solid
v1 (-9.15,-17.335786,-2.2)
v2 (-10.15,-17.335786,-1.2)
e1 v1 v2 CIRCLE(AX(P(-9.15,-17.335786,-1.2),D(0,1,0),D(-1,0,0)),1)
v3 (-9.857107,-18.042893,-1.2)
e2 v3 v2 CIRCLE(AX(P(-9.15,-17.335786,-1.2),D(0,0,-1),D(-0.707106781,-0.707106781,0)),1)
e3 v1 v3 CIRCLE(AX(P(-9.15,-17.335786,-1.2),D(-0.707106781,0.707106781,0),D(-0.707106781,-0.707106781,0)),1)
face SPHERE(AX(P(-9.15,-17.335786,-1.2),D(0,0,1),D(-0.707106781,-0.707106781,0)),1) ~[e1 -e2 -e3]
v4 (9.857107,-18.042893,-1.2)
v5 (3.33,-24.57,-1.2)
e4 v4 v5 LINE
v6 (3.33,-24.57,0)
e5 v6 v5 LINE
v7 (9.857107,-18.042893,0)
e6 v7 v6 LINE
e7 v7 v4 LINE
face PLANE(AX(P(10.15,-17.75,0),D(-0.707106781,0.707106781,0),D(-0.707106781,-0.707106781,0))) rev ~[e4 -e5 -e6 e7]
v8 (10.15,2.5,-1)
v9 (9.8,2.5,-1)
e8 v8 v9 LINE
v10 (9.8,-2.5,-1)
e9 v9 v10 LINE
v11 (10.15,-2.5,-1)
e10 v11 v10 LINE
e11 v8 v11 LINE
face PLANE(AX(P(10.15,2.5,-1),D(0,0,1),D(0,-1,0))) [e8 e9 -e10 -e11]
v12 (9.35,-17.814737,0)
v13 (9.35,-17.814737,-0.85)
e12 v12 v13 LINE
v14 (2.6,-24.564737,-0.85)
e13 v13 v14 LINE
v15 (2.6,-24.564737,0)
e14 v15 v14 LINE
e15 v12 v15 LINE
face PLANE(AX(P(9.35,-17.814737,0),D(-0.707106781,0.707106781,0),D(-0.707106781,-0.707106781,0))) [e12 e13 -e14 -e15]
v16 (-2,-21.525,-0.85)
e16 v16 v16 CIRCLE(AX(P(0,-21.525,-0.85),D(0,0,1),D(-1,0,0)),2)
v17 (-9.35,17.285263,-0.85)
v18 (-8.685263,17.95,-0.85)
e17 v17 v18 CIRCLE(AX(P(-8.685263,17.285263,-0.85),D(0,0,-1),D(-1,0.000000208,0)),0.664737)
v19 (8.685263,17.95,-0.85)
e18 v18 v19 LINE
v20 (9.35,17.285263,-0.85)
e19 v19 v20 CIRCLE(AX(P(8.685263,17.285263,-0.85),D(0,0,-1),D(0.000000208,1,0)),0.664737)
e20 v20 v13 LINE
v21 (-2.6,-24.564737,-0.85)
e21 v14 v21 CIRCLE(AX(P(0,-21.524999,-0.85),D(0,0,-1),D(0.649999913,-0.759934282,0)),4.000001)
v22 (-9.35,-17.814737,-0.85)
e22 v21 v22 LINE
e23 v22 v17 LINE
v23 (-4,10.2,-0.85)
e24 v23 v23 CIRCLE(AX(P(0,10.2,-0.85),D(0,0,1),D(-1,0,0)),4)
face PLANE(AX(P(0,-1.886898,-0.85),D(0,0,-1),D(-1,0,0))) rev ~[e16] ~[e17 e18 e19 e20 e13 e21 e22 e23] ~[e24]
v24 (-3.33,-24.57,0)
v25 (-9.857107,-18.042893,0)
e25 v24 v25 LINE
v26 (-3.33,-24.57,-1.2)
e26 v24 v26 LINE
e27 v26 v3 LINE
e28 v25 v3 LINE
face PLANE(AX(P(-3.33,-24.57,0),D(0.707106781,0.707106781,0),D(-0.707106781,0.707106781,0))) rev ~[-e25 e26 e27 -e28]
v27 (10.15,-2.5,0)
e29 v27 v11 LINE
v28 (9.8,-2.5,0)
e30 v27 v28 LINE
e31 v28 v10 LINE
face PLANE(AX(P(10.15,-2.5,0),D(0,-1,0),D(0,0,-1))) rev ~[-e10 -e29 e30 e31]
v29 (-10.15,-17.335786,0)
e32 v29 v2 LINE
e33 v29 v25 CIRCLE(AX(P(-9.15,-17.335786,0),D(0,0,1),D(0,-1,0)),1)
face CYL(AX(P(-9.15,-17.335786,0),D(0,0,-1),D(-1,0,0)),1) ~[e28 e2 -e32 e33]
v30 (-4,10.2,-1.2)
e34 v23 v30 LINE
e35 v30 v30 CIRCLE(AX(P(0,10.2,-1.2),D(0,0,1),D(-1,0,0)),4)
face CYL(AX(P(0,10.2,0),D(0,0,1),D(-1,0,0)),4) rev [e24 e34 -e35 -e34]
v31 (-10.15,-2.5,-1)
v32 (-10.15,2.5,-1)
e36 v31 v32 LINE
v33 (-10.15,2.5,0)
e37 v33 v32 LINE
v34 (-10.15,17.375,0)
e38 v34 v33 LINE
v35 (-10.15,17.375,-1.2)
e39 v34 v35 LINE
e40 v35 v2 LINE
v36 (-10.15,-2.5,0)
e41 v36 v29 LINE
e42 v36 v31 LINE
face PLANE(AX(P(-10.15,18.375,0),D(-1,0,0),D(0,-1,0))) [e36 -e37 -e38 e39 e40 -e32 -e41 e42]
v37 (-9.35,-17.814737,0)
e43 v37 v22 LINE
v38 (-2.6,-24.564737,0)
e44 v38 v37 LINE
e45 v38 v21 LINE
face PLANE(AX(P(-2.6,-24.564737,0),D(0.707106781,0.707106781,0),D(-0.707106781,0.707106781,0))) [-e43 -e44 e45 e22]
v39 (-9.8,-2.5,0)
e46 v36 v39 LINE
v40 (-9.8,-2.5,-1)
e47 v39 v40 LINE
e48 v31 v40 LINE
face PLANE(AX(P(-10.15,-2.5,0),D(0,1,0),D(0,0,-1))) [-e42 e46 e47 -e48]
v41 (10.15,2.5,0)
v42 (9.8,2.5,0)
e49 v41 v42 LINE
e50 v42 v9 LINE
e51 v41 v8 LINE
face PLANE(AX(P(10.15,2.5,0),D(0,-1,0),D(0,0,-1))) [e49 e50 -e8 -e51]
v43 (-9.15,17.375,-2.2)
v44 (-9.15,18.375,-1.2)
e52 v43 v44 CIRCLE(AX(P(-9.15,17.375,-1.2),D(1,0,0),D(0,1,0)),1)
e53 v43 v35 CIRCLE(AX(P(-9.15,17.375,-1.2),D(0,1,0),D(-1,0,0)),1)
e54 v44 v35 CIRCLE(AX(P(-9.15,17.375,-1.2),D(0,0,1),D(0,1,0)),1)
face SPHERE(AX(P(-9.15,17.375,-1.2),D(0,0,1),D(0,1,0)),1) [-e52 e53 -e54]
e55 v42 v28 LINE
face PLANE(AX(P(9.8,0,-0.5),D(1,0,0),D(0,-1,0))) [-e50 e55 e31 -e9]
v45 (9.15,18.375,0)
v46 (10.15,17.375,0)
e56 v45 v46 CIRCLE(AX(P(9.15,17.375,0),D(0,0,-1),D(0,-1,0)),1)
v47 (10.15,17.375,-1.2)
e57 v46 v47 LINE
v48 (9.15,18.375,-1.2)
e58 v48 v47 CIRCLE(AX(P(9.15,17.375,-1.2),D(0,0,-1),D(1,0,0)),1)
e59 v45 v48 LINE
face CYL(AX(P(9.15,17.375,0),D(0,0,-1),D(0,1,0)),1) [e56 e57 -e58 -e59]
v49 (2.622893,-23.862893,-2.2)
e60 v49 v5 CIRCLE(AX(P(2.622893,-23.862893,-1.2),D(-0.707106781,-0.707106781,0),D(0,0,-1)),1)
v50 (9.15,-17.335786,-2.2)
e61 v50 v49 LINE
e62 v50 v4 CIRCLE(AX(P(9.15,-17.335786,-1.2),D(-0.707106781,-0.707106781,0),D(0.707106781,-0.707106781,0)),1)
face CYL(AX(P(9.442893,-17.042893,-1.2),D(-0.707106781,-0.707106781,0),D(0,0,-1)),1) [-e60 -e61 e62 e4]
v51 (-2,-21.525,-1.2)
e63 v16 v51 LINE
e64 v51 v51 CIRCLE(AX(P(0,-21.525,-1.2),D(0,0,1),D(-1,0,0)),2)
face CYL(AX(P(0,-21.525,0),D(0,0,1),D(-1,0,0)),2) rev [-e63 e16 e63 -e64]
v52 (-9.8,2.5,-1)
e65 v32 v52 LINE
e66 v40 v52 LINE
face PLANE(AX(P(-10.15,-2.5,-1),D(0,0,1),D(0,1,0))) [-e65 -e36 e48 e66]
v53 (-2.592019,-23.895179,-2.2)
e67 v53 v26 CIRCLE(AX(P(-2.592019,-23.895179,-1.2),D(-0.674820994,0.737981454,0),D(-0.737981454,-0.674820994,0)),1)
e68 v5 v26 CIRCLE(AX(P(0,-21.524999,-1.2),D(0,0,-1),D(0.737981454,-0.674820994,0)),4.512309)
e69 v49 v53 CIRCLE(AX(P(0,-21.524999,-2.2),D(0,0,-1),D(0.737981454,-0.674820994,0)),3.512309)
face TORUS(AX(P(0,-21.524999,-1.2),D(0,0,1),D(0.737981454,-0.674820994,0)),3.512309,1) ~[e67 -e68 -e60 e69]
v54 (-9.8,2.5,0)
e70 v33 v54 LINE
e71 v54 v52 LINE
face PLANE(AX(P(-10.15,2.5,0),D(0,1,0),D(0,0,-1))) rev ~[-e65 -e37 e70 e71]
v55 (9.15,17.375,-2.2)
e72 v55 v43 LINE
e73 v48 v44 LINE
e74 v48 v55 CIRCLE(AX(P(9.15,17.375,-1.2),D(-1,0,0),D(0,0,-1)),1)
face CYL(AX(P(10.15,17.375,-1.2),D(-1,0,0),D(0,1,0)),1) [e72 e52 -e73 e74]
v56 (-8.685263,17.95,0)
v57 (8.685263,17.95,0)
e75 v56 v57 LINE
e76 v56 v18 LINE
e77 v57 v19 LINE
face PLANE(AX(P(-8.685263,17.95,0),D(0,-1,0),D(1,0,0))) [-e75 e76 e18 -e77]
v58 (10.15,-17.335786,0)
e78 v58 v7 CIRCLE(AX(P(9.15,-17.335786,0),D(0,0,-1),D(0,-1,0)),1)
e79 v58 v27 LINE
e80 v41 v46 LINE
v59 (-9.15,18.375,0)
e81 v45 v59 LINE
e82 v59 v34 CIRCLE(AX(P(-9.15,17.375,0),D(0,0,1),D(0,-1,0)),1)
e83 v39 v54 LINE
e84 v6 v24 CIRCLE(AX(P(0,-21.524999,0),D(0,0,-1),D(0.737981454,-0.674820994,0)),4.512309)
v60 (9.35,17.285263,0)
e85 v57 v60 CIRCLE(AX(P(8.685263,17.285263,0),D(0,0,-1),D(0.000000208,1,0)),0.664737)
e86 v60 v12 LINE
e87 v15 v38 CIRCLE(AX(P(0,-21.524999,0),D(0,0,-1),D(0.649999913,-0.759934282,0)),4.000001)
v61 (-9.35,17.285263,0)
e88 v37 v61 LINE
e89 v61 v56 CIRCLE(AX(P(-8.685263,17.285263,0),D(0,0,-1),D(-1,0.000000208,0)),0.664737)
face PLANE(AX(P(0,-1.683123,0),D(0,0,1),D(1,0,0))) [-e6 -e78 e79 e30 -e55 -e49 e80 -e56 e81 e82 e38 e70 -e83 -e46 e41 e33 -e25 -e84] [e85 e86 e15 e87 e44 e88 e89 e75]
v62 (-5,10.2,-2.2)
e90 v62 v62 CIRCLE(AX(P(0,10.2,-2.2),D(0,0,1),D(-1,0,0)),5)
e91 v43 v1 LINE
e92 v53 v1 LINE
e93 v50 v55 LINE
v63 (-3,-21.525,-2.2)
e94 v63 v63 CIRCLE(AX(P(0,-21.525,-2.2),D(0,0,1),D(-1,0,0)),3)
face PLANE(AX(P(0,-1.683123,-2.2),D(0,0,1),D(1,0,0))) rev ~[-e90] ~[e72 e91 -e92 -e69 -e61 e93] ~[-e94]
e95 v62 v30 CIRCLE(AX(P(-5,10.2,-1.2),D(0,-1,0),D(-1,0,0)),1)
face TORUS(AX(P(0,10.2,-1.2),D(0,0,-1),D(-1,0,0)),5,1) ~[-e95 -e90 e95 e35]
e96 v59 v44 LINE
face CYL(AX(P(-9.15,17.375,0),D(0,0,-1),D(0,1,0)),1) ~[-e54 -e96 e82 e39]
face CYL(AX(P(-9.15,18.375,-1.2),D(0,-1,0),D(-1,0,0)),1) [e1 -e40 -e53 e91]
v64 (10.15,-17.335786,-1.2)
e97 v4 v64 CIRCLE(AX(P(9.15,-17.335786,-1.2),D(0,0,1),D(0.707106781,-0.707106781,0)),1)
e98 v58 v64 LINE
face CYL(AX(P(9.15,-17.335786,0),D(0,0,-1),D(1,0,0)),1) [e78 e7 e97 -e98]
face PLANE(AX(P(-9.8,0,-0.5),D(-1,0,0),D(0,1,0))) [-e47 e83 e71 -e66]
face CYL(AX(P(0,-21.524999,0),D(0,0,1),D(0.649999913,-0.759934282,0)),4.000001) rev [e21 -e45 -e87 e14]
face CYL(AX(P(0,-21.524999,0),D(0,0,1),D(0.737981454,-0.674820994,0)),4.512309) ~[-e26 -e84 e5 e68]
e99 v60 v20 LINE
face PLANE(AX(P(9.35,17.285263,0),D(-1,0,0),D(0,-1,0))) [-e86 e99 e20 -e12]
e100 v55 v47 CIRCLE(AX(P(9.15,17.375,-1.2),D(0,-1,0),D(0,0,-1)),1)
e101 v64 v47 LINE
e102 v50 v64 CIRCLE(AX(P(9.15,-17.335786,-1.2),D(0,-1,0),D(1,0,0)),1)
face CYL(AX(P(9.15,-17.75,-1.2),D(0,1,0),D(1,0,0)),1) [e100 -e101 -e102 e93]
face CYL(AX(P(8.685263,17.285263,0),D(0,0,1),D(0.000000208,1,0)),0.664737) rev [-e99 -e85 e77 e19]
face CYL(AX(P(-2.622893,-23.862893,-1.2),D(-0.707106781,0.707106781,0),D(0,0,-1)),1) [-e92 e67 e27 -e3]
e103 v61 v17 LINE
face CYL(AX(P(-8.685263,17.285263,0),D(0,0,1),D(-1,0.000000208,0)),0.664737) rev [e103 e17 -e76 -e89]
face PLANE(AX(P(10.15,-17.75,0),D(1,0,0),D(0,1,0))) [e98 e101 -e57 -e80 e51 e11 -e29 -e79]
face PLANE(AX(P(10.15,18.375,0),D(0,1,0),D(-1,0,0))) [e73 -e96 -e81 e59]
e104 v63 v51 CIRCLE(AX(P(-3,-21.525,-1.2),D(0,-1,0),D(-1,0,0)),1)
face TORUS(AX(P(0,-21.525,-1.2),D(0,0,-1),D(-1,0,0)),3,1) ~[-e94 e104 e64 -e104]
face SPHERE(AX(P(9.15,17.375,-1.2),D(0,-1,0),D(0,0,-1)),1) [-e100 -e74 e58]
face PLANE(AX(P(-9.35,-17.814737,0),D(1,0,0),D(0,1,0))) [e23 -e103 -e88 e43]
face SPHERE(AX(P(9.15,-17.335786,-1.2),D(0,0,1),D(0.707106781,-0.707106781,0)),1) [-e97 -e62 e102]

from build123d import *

# Parameters (mm, degrees)
PAD011_DEPTH            = 2.2
SKETCH039_R             = 4
POCKET022_DEPTH         = 5
SKETCH040_R             = 2
POCKET027_DEPTH         = 5
POCKET023_DEPTH         = 0.85
SKETCH042_W             = 0.35
SKETCH042_H             = 0.6
POCKET024_DEPTH         = 25
FILLET004_R             = 1
SKETCH043_W             = 5
SKETCH043_H             = 1
POCKET029_DEPTH         = 0.35
SKETCH044_W             = 5
SKETCH044_H             = 1
POCKET028_DEPTH         = 0.35
BODY002_PLACEMENT_ANGLE = 180


with BuildPart() as part:
    # Sketch036 → Pad011 (new body)
    with BuildSketch(Plane.XY):
        with BuildLine():
            Line((-10.15, 18.375), (10.15, 18.375))
            Line((10.15, 18.375), (10.15, -17.75))
            Line((3.33, -24.57), (10.15, -17.75))
            ThreePointArc((-3.33, -24.57), (0, -26.037308), (3.33, -24.57))
            Line((-10.15, -17.75), (-3.33, -24.57))
            Line((-10.15, -17.75), (-10.15, 18.375))
        make_face()
    extrude(amount=PAD011_DEPTH)

    # Sketch039 → Pocket022 (cut)
    with BuildSketch(Plane.XY):
        with Locations((0, 10.2)):
            Circle(SKETCH039_R)
    extrude(amount=POCKET022_DEPTH, mode=Mode.SUBTRACT)

    # Sketch040 → Pocket027 (cut)
    with BuildSketch(Plane.XY):
        with Locations((0, -21.525)):
            Circle(SKETCH040_R)
    extrude(amount=POCKET027_DEPTH, mode=Mode.SUBTRACT)

    # Sketch041 → Pocket023 (cut)
    with BuildSketch(Plane.XY):
        with BuildLine():
            Line((-9.35, 17.285263), (-9.35, -17.814737))
            Line((-9.35, -17.814737), (-2.6, -24.564737))
            ThreePointArc((-2.6, -24.564737), (0, -25.525), (2.6, -24.564737))
            Line((2.6, -24.564737), (9.35, -17.814737))
            Line((9.35, -17.814737), (9.35, 17.285263))
            ThreePointArc((9.35, 17.285263), (9.155303, 17.755303), (8.685263, 17.95))
            Line((8.685263, 17.95), (-8.685263, 17.95))
            ThreePointArc((-8.685263, 17.95), (-9.155303, 17.755303), (-9.35, 17.285263))
        make_face()
    extrude(amount=POCKET023_DEPTH, mode=Mode.SUBTRACT)

    # Sketch042 (on Face16 of Pocket023) → Pocket024 (cut)
    with BuildSketch(Plane.YZ.offset(-9.35)):
        with Locations((-9.625, -1.8)):
            Rectangle(SKETCH042_W, SKETCH042_H)
        with Locations((9.625, -1.8)):
            Rectangle(SKETCH042_W, SKETCH042_H)
    extrude(amount=-POCKET024_DEPTH, mode=Mode.SUBTRACT)

    # Fillet004
    fillet004_edges = [part.edges().sort_by_distance(p)[0] for p in [
        (10.15, -17.75, 1.1),
        (10.15, 18.375, 1.1),
        (-6.74, -21.16, 2.2),
        (-10.15, 0.3125, 2.2),
        (0, -26.037308, 2.2),
        (0, 18.375, 2.2),
        (6.74, -21.16, 2.2),
        (10.15, 0.3125, 2.2),
        (-2, -21.525, 2.2),
        (-4, 10.2, 2.2),
        (-10.15, 18.375, 1.1),
        (-10.15, -17.75, 1.1),
    ]]
    fillet(fillet004_edges, radius=FILLET004_R)

    # Sketch043 (on Face10 of Fillet004) → Pocket029 (cut)
    with BuildSketch(Plane(origin=(-10.15, 0, 0), x_dir=(0, -1, 0), z_dir=(-1, 0, 0))):
        with Locations((0, 0.5)):
            Rectangle(SKETCH043_W, SKETCH043_H)
    extrude(amount=-POCKET029_DEPTH, mode=Mode.SUBTRACT)

    # Sketch044 (on Face11 of Pocket029) → Pocket028 (cut)
    with BuildSketch(Plane.YZ.offset(10.15)):
        with Locations((0, 0.5)):
            Rectangle(SKETCH044_W, SKETCH044_H)
    extrude(amount=-POCKET028_DEPTH, mode=Mode.SUBTRACT)


with BuildPart() as part_1:
    # Body002 placement: moved
    add(part.part.rotate(Axis((0, 0, 0), (0, 1, 0)), BODY002_PLACEMENT_ANGLE))


solid = part_1.part
